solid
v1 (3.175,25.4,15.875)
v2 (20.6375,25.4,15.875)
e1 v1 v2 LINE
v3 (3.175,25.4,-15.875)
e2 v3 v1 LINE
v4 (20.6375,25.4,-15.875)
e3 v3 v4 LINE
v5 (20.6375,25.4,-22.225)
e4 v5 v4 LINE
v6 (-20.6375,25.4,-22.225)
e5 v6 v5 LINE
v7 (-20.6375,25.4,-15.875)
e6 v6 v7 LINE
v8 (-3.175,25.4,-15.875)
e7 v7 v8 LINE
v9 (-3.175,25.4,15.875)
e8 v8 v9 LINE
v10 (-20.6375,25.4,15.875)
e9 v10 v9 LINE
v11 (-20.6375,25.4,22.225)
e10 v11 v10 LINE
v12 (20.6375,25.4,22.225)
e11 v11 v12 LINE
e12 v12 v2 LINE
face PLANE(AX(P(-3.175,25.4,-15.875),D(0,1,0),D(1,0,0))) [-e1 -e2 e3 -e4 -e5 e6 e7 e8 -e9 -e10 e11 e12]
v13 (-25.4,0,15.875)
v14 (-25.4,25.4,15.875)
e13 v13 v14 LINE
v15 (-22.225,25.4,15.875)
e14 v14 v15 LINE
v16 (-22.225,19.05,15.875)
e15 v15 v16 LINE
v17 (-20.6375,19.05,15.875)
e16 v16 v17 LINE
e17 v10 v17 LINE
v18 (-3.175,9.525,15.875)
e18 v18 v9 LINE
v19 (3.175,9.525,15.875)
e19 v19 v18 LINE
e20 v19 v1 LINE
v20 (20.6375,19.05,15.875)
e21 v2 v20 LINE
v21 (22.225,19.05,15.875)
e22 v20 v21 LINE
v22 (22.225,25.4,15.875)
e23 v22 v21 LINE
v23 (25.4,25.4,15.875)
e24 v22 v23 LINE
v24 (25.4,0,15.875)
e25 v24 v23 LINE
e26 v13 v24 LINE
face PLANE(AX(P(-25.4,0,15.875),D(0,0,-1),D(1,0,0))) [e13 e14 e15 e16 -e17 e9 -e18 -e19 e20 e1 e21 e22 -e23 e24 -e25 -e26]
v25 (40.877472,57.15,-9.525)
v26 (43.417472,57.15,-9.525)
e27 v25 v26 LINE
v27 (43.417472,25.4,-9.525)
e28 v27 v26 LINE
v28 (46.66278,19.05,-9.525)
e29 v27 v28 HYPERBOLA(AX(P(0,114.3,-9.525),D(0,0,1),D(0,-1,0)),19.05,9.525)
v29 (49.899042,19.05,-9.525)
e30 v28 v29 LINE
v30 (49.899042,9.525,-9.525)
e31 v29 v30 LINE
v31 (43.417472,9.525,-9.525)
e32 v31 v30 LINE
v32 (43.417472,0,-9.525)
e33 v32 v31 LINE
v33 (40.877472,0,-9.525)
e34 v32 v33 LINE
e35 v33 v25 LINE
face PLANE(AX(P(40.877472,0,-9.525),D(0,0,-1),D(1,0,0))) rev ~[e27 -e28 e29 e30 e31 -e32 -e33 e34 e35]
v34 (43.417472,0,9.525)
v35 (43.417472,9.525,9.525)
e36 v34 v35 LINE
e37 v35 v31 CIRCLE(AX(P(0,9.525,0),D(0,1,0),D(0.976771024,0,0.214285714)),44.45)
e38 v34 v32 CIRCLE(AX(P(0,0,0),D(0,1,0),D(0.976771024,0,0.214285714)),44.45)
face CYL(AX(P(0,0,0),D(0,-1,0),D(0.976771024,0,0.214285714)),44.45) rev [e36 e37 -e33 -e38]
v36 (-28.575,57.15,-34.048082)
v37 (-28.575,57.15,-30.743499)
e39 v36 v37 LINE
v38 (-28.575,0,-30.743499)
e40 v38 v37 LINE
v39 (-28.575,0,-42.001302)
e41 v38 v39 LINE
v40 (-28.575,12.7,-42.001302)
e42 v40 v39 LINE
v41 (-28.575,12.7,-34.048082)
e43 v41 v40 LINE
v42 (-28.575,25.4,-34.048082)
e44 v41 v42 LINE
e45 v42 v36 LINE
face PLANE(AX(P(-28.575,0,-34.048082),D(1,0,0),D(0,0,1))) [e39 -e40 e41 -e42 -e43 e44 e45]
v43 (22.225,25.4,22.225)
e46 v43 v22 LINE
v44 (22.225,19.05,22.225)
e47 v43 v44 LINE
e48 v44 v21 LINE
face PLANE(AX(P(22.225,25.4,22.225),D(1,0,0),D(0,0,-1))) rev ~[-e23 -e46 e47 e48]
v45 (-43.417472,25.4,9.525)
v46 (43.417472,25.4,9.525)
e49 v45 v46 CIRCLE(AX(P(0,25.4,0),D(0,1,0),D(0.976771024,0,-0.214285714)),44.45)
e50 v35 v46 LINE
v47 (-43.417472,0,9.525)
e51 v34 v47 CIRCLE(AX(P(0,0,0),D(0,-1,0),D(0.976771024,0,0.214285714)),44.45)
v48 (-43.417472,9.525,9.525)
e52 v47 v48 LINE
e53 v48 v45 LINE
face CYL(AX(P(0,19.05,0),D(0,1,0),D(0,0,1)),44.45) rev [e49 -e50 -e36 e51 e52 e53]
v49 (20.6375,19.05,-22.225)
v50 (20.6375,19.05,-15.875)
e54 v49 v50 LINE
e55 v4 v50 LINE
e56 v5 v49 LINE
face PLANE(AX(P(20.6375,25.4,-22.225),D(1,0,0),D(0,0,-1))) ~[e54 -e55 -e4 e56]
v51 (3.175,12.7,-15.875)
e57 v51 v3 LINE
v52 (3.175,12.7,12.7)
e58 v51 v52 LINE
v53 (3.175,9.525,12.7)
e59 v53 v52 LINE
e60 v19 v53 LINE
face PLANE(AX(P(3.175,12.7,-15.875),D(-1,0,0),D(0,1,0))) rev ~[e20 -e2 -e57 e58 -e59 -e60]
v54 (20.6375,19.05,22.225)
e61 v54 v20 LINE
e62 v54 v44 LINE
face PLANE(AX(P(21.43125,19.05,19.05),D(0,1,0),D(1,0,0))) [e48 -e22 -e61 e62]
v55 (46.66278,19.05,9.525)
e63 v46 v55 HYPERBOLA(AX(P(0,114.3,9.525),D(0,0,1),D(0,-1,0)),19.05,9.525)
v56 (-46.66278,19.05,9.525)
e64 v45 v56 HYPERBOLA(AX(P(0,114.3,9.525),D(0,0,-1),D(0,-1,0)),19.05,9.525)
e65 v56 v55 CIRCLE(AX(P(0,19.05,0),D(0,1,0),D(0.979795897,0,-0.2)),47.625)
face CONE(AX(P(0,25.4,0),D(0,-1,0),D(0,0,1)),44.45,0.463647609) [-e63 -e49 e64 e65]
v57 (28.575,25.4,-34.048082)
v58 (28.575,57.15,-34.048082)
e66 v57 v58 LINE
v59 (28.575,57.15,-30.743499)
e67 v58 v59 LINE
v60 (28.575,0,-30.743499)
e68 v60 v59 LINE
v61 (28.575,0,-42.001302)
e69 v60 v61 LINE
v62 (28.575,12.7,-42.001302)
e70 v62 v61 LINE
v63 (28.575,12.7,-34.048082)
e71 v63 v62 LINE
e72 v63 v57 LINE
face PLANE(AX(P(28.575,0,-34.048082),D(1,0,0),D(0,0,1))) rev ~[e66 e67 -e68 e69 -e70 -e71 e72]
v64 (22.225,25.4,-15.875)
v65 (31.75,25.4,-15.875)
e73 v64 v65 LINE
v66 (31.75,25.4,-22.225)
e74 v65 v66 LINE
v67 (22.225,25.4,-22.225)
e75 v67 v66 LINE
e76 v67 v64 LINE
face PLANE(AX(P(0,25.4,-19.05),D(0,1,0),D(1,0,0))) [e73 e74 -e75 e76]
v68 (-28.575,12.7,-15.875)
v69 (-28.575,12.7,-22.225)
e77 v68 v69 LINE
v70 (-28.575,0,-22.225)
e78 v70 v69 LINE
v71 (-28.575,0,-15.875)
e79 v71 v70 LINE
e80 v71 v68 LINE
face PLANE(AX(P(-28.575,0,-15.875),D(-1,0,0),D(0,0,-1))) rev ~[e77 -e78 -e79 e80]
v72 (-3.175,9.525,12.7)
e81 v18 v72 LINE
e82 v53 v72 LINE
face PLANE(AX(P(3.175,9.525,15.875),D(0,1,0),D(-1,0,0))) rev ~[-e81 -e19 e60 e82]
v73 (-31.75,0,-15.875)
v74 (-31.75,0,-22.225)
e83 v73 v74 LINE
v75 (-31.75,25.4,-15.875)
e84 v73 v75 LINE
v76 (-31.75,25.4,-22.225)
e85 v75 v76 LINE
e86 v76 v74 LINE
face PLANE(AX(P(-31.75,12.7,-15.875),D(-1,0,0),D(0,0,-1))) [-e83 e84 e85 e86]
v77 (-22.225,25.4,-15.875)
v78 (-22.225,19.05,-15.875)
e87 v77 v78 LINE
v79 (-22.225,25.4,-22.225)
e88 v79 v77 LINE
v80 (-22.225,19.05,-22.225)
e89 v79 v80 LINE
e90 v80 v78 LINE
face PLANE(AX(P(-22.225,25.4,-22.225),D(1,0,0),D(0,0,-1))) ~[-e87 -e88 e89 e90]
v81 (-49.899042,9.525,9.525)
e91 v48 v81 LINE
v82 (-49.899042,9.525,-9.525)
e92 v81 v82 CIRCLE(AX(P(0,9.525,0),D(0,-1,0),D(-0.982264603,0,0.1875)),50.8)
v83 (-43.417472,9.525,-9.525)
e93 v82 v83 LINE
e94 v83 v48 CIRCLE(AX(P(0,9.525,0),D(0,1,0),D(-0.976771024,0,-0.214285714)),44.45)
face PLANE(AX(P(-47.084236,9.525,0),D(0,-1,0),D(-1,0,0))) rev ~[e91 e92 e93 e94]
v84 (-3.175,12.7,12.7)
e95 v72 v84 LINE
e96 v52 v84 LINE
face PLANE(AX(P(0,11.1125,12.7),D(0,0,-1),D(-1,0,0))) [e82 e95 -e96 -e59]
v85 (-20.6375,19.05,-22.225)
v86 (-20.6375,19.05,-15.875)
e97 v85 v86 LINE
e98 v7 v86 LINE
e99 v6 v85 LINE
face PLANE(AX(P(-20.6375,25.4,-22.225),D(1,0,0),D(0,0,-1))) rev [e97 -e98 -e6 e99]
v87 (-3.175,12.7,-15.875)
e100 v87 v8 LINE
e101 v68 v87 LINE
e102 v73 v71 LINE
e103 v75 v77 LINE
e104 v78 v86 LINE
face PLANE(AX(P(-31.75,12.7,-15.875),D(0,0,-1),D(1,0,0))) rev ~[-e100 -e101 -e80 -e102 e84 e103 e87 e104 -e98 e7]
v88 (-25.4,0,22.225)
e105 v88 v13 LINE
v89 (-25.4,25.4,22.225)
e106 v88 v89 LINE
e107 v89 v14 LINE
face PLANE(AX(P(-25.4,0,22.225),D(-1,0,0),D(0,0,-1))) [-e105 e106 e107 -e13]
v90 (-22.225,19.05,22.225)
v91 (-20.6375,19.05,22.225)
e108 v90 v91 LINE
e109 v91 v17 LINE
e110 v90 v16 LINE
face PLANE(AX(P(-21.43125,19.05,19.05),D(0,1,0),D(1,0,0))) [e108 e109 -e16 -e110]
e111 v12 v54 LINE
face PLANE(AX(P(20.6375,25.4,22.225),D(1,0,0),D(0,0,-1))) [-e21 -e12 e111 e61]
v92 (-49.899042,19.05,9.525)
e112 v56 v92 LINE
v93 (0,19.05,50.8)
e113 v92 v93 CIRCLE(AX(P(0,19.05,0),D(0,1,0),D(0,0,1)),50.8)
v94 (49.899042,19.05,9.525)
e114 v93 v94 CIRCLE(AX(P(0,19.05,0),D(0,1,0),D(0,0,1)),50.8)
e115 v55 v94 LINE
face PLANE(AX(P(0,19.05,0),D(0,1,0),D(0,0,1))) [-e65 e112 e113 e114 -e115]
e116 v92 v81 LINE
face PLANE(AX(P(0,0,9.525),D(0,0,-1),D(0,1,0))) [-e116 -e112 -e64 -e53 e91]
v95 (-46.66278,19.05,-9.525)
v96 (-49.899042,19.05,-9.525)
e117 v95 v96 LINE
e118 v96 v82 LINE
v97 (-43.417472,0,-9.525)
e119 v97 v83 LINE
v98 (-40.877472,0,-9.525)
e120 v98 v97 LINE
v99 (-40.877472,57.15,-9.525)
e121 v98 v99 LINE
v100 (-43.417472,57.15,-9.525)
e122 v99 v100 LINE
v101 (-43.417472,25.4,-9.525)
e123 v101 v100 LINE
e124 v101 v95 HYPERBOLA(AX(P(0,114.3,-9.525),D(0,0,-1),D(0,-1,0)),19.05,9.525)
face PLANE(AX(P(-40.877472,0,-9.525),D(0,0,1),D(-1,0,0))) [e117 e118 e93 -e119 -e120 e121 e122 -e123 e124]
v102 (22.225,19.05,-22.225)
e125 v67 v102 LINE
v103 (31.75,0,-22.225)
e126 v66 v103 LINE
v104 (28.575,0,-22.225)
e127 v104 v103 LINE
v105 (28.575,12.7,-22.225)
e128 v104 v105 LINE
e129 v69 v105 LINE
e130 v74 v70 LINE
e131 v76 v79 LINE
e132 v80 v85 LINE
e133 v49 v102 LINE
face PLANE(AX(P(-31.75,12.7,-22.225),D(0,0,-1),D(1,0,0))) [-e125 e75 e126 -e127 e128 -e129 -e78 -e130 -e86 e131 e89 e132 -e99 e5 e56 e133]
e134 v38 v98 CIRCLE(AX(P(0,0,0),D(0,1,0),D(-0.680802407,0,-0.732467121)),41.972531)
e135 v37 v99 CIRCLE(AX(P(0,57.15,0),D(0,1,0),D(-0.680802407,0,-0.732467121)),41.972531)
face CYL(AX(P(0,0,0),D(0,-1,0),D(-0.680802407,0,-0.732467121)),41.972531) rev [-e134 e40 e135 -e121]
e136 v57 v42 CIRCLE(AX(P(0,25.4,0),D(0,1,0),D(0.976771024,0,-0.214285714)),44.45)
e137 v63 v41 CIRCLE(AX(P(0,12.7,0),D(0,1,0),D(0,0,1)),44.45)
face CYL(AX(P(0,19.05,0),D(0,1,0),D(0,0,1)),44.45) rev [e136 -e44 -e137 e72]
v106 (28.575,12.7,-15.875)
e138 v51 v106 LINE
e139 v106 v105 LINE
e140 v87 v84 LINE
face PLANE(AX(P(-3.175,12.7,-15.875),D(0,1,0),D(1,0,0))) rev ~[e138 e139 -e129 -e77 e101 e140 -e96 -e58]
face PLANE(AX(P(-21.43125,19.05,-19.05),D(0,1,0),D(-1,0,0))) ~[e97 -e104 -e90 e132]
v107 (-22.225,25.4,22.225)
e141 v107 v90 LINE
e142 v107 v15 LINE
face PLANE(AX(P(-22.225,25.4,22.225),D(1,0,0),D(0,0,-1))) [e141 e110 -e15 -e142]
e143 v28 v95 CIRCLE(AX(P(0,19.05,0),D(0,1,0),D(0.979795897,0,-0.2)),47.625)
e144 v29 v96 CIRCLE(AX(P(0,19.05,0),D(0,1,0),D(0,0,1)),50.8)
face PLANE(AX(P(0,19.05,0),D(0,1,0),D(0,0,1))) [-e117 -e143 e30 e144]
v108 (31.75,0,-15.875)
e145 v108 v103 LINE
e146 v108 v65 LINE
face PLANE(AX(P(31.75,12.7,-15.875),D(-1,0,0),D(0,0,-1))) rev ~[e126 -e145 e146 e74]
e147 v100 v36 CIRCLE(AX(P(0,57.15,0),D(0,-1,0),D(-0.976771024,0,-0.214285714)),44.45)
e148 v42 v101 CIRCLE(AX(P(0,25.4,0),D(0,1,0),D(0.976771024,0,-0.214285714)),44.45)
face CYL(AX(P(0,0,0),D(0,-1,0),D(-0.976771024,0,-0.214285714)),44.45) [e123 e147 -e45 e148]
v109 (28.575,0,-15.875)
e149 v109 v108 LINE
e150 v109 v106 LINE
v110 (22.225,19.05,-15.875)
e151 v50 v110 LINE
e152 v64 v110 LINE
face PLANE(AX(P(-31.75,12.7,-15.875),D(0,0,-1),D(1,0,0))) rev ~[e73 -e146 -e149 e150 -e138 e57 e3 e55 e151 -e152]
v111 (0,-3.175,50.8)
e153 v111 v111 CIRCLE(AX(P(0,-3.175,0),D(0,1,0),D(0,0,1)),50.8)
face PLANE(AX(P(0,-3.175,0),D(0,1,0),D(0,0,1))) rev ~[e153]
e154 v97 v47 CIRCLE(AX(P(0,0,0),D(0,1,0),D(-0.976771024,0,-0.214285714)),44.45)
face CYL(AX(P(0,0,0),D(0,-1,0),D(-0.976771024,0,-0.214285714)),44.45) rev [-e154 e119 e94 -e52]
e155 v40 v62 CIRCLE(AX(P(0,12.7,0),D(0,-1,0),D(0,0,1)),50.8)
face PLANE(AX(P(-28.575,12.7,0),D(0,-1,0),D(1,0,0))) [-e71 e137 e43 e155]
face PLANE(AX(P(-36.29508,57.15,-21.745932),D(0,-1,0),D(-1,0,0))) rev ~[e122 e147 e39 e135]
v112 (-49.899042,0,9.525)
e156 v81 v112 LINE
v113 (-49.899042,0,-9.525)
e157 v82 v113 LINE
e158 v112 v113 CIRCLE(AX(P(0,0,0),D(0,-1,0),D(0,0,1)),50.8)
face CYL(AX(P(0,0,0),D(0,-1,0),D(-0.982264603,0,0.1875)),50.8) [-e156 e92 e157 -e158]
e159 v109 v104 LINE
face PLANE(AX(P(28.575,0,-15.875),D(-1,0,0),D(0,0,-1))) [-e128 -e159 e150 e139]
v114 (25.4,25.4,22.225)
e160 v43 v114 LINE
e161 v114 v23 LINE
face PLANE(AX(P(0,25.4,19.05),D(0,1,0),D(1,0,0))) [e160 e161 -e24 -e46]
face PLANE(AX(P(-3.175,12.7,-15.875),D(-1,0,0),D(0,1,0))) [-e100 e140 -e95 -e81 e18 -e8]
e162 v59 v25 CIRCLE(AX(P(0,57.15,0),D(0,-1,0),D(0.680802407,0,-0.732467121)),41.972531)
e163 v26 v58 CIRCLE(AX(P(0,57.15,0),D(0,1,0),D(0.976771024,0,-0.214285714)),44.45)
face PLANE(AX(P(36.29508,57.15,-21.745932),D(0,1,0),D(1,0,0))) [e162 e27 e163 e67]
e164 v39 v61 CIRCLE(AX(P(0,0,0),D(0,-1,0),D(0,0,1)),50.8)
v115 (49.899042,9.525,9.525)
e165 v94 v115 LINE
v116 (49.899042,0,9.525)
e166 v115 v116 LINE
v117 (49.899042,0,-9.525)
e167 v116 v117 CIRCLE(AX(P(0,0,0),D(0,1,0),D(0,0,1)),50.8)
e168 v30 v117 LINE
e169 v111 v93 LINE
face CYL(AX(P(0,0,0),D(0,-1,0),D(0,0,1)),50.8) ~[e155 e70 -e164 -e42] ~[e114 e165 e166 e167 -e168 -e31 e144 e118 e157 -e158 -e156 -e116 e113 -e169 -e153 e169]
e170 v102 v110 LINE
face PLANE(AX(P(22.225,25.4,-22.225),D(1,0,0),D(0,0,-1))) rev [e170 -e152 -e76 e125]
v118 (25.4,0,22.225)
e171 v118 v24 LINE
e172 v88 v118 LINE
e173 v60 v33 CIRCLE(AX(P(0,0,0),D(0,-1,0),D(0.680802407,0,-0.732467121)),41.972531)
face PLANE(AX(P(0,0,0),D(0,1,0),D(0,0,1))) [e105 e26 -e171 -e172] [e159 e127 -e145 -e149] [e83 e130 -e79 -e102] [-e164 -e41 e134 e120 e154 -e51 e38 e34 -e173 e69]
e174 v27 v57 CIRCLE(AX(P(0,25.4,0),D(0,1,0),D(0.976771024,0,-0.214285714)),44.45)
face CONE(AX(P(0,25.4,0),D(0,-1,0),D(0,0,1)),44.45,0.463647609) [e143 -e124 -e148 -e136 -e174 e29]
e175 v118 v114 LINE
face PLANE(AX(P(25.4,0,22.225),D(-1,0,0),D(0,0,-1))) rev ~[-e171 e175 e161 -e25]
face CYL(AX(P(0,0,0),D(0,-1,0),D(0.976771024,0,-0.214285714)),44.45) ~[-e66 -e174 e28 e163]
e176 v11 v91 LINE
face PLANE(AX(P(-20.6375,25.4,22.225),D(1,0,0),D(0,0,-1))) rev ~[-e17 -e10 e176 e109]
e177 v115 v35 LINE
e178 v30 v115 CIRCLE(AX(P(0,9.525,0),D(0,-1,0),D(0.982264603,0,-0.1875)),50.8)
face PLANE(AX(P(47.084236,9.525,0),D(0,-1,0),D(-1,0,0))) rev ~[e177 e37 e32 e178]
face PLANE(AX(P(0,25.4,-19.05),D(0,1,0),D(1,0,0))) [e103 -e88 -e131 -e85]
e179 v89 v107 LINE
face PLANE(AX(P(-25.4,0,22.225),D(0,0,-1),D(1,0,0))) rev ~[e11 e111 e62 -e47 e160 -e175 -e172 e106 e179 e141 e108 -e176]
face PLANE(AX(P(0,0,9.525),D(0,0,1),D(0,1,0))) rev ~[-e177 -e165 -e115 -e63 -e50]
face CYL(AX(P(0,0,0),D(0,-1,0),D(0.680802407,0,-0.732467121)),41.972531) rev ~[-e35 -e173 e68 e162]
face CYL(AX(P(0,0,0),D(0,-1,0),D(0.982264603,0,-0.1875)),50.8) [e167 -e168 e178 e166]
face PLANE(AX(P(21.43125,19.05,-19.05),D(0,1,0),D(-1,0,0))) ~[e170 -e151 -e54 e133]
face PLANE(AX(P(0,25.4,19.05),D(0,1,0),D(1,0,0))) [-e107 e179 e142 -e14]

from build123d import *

# Parameters (mm, degrees)
SKETCH1_R               = 50.8
BOSS_EXTRUDE1_DEPTH     = 3.175
SKETCH2_R               = 50.8
SKETCH2_R_2             = 44.45
BOSS_EXTRUDE2_DEPTH     = 19.05
SKETCH5_W               = 50.8
SKETCH5_H               = 6.35
BOSS_EXTRUDE3_DEPTH     = 25.4
SKETCH6_W               = 1.5875
SKETCH6_H               = 6.35
CUT_EXTRUDE1_DEPTH      = 6.35
SKETCH7_W               = 19.05
SKETCH7_H               = 25.4
CUT_EXTRUDE2_DEPTH      = 51.8
CUT_EXTRUDE2_DEPTH_BACK = 51.8
SKETCH8_W               = 57.15
SKETCH8_H               = 12.7
CUT_EXTRUDE3_DEPTH      = 51.8
BOSS_EXTRUDE4_DEPTH     = 57.15
SKETCH10_W              = 6.35
SKETCH10_H              = 3.175
BOSS_EXTRUDE5_DEPTH     = 3.175
SKETCH11_W              = 3.175
SKETCH11_H              = 6.35
BOSS_EXTRUDE6_DEPTH     = 12.7
SKETCH12_W              = 63.5
SKETCH12_H              = 6.35
BOSS_EXTRUDE7_DEPTH     = 12.7
SKETCH14_W              = 6.35
SKETCH14_H              = 12.7
BOSS_EXTRUDE8_DEPTH     = 31.75
BOSS_EXTRUDE9_DEPTH     = 9.525


with BuildPart() as part:
    # Sketch1 → Boss-Extrude1 (new body)
    with BuildSketch(Plane(origin=(0, 0, 0), x_dir=(1, 0, 0), z_dir=(0, 1, 0))):
        with Locations(Location((0, 0, 0), (0, 0, 270))):  # turned: the seam where the file's is
            Circle(SKETCH1_R)
    extrude(amount=-BOSS_EXTRUDE1_DEPTH)

    # Sketch2 → Boss-Extrude2 (add)
    with BuildSketch(Plane(origin=(0, 0, 0), x_dir=(1, 0, 0), z_dir=(0, 1, 0))):
        with Locations(Location((0, 0, 0), (0, 0, 270))):  # turned: the seam where the file's is
            Circle(SKETCH2_R)
        with Locations(Location((0, 0, 0), (0, 0, 270))):  # turned: the seam where the file's is
            Circle(SKETCH2_R_2, mode=Mode.SUBTRACT)
    extrude(amount=BOSS_EXTRUDE2_DEPTH)

    # Sketch3 → Revolve3 (revolve)
    with BuildSketch(Plane.XY, mode=Mode.PRIVATE) as revolve3_sk:
        Polygon((44.45, 19.05), (44.45, 25.4), (47.625, 19.05), align=None)
    revolve(revolve3_sk.sketch.rotate(Axis((0, 6.35, 0), (0, -1, 0)), 90), axis=Axis((0, 6.35, 0), (0, -1, 0)))  # turned: the seam where the file's is

    # Sketch5 → Boss-Extrude3 (add)
    with BuildSketch(Plane(origin=(0, 0, 0), x_dir=(1, 0, 0), z_dir=(0, 1, 0))):
        with Locations((0, -19.05)):
            Rectangle(SKETCH5_W, SKETCH5_H)
    extrude(amount=BOSS_EXTRUDE3_DEPTH)

    # Sketch6 → Cut-Extrude1 (cut)
    with BuildSketch(Plane(origin=(0, 25.4, 0), x_dir=(1, 0, 0), z_dir=(0, 1, 0))):
        with Locations((-21.43125, -19.05)):
            Rectangle(SKETCH6_W, SKETCH6_H)
        with Locations((21.43125, -19.05)):
            Rectangle(SKETCH6_W, SKETCH6_H)
    cut_extrude1 = extrude(amount=-CUT_EXTRUDE1_DEPTH, mode=Mode.SUBTRACT)

    # Sketch7 → Cut-Extrude2 (cut, two sides)
    with BuildSketch(Plane(origin=(0, 0, 0), x_dir=(0, 0, -1), z_dir=(1, 0, 0))) as cut_extrude2_sk:
        with Locations((0, 12.7)):
            Rectangle(SKETCH7_W, SKETCH7_H)
    extrude(amount=CUT_EXTRUDE2_DEPTH, mode=Mode.SUBTRACT)
    extrude(cut_extrude2_sk.sketch, amount=-CUT_EXTRUDE2_DEPTH_BACK, mode=Mode.SUBTRACT)

    # Sketch8 → Cut-Extrude3 (cut, through all)
    with BuildSketch(Plane.XY):
        with Locations((0, 6.35)):
            Rectangle(SKETCH8_W, SKETCH8_H)
    extrude(amount=-CUT_EXTRUDE3_DEPTH, mode=Mode.SUBTRACT)

    # Sketch9 → Boss-Extrude4 (add)
    with BuildSketch(Plane(origin=(0, 0, 0), x_dir=(1, 0, 0), z_dir=(0, 1, 0))):
        with BuildLine():
            Line((-28.575, 34.048081811), (-28.575, 30.74349878))
            ThreePointArc((-28.575, 30.74349878), (-36.310709707, 21.05292623), (-40.877472001, 9.525))
            Line((-40.877472001, 9.525), (-43.417472001, 9.525))
            ThreePointArc((-43.417472001, 9.525), (-38.027284831, 23.015823001), (-28.575, 34.048081811))
        make_face()
        with BuildLine():
            Line((28.575, 34.048081811), (28.575, 30.74349878))
            ThreePointArc((28.575, 30.74349878), (36.310709707, 21.05292623), (40.877472001, 9.525))
            Line((40.877472001, 9.525), (43.417472001, 9.525))
            ThreePointArc((43.417472001, 9.525), (38.027284831, 23.015823001), (28.575, 34.048081811))
        make_face()
    extrude(amount=BOSS_EXTRUDE4_DEPTH)

    # Sketch10 → Boss-Extrude5 (add)
    with BuildSketch(Plane(origin=(0, 0, 15.875), x_dir=(-1, 0, 0), z_dir=(0, 0, -1))):
        with Locations((0, 11.1125)):
            Rectangle(SKETCH10_W, SKETCH10_H)
    extrude(amount=BOSS_EXTRUDE5_DEPTH)

    # Sketch11 → Boss-Extrude6 (add)
    with BuildSketch(Plane(origin=(0, 0, 0), x_dir=(1, 0, 0), z_dir=(0, 1, 0))):
        with Locations((-30.1625, 19.05)):
            Rectangle(SKETCH11_W, SKETCH11_H)
        with Locations((30.1625, 19.05)):
            Rectangle(SKETCH11_W, SKETCH11_H)
    extrude(amount=BOSS_EXTRUDE6_DEPTH)

    # Sketch12 → Boss-Extrude7 (add)
    with BuildSketch(Plane(origin=(0, 12.7, 0), x_dir=(1, 0, 0), z_dir=(0, 1, 0))):
        with Locations((0, 19.05)):
            Rectangle(SKETCH12_W, SKETCH12_H)
    extrude(amount=BOSS_EXTRUDE7_DEPTH)

    # Mirror1: Cut-Extrude1 across plane
    add(cut_extrude1.mirror(Plane.XY), mode=Mode.SUBTRACT)

    # Sketch14 → Boss-Extrude8 (add)
    with BuildSketch(Plane.XY.offset(-15.875)):
        with Locations((0, 19.05)):
            Rectangle(SKETCH14_W, SKETCH14_H)
    extrude(amount=BOSS_EXTRUDE8_DEPTH)

    # Sketch15 → Boss-Extrude9 (add)
    with BuildSketch(Plane(origin=(0, 0, 0), x_dir=(1, 0, 0), z_dir=(0, 1, 0))):
        with BuildLine():
            Line((-49.899041824, 9.525), (-43.417472001, 9.525))
            ThreePointArc((-43.417472001, 9.525), (-44.45, 0), (-43.417472001, -9.525))
            Line((-43.417472001, -9.525), (-49.899041824, -9.525))
            ThreePointArc((-49.899041824, -9.525), (-50.8, 0), (-49.899041824, 9.525))
        make_face()
        with BuildLine():
            Line((43.417472001, 9.525), (49.899041824, 9.525))
            ThreePointArc((49.899041824, 9.525), (50.8, 0), (49.899041824, -9.525))
            Line((49.899041824, -9.525), (43.417472001, -9.525))
            ThreePointArc((43.417472001, -9.525), (44.45, 0), (43.417472001, 9.525))
        make_face()
    extrude(amount=BOSS_EXTRUDE9_DEPTH)


solid = part.part
